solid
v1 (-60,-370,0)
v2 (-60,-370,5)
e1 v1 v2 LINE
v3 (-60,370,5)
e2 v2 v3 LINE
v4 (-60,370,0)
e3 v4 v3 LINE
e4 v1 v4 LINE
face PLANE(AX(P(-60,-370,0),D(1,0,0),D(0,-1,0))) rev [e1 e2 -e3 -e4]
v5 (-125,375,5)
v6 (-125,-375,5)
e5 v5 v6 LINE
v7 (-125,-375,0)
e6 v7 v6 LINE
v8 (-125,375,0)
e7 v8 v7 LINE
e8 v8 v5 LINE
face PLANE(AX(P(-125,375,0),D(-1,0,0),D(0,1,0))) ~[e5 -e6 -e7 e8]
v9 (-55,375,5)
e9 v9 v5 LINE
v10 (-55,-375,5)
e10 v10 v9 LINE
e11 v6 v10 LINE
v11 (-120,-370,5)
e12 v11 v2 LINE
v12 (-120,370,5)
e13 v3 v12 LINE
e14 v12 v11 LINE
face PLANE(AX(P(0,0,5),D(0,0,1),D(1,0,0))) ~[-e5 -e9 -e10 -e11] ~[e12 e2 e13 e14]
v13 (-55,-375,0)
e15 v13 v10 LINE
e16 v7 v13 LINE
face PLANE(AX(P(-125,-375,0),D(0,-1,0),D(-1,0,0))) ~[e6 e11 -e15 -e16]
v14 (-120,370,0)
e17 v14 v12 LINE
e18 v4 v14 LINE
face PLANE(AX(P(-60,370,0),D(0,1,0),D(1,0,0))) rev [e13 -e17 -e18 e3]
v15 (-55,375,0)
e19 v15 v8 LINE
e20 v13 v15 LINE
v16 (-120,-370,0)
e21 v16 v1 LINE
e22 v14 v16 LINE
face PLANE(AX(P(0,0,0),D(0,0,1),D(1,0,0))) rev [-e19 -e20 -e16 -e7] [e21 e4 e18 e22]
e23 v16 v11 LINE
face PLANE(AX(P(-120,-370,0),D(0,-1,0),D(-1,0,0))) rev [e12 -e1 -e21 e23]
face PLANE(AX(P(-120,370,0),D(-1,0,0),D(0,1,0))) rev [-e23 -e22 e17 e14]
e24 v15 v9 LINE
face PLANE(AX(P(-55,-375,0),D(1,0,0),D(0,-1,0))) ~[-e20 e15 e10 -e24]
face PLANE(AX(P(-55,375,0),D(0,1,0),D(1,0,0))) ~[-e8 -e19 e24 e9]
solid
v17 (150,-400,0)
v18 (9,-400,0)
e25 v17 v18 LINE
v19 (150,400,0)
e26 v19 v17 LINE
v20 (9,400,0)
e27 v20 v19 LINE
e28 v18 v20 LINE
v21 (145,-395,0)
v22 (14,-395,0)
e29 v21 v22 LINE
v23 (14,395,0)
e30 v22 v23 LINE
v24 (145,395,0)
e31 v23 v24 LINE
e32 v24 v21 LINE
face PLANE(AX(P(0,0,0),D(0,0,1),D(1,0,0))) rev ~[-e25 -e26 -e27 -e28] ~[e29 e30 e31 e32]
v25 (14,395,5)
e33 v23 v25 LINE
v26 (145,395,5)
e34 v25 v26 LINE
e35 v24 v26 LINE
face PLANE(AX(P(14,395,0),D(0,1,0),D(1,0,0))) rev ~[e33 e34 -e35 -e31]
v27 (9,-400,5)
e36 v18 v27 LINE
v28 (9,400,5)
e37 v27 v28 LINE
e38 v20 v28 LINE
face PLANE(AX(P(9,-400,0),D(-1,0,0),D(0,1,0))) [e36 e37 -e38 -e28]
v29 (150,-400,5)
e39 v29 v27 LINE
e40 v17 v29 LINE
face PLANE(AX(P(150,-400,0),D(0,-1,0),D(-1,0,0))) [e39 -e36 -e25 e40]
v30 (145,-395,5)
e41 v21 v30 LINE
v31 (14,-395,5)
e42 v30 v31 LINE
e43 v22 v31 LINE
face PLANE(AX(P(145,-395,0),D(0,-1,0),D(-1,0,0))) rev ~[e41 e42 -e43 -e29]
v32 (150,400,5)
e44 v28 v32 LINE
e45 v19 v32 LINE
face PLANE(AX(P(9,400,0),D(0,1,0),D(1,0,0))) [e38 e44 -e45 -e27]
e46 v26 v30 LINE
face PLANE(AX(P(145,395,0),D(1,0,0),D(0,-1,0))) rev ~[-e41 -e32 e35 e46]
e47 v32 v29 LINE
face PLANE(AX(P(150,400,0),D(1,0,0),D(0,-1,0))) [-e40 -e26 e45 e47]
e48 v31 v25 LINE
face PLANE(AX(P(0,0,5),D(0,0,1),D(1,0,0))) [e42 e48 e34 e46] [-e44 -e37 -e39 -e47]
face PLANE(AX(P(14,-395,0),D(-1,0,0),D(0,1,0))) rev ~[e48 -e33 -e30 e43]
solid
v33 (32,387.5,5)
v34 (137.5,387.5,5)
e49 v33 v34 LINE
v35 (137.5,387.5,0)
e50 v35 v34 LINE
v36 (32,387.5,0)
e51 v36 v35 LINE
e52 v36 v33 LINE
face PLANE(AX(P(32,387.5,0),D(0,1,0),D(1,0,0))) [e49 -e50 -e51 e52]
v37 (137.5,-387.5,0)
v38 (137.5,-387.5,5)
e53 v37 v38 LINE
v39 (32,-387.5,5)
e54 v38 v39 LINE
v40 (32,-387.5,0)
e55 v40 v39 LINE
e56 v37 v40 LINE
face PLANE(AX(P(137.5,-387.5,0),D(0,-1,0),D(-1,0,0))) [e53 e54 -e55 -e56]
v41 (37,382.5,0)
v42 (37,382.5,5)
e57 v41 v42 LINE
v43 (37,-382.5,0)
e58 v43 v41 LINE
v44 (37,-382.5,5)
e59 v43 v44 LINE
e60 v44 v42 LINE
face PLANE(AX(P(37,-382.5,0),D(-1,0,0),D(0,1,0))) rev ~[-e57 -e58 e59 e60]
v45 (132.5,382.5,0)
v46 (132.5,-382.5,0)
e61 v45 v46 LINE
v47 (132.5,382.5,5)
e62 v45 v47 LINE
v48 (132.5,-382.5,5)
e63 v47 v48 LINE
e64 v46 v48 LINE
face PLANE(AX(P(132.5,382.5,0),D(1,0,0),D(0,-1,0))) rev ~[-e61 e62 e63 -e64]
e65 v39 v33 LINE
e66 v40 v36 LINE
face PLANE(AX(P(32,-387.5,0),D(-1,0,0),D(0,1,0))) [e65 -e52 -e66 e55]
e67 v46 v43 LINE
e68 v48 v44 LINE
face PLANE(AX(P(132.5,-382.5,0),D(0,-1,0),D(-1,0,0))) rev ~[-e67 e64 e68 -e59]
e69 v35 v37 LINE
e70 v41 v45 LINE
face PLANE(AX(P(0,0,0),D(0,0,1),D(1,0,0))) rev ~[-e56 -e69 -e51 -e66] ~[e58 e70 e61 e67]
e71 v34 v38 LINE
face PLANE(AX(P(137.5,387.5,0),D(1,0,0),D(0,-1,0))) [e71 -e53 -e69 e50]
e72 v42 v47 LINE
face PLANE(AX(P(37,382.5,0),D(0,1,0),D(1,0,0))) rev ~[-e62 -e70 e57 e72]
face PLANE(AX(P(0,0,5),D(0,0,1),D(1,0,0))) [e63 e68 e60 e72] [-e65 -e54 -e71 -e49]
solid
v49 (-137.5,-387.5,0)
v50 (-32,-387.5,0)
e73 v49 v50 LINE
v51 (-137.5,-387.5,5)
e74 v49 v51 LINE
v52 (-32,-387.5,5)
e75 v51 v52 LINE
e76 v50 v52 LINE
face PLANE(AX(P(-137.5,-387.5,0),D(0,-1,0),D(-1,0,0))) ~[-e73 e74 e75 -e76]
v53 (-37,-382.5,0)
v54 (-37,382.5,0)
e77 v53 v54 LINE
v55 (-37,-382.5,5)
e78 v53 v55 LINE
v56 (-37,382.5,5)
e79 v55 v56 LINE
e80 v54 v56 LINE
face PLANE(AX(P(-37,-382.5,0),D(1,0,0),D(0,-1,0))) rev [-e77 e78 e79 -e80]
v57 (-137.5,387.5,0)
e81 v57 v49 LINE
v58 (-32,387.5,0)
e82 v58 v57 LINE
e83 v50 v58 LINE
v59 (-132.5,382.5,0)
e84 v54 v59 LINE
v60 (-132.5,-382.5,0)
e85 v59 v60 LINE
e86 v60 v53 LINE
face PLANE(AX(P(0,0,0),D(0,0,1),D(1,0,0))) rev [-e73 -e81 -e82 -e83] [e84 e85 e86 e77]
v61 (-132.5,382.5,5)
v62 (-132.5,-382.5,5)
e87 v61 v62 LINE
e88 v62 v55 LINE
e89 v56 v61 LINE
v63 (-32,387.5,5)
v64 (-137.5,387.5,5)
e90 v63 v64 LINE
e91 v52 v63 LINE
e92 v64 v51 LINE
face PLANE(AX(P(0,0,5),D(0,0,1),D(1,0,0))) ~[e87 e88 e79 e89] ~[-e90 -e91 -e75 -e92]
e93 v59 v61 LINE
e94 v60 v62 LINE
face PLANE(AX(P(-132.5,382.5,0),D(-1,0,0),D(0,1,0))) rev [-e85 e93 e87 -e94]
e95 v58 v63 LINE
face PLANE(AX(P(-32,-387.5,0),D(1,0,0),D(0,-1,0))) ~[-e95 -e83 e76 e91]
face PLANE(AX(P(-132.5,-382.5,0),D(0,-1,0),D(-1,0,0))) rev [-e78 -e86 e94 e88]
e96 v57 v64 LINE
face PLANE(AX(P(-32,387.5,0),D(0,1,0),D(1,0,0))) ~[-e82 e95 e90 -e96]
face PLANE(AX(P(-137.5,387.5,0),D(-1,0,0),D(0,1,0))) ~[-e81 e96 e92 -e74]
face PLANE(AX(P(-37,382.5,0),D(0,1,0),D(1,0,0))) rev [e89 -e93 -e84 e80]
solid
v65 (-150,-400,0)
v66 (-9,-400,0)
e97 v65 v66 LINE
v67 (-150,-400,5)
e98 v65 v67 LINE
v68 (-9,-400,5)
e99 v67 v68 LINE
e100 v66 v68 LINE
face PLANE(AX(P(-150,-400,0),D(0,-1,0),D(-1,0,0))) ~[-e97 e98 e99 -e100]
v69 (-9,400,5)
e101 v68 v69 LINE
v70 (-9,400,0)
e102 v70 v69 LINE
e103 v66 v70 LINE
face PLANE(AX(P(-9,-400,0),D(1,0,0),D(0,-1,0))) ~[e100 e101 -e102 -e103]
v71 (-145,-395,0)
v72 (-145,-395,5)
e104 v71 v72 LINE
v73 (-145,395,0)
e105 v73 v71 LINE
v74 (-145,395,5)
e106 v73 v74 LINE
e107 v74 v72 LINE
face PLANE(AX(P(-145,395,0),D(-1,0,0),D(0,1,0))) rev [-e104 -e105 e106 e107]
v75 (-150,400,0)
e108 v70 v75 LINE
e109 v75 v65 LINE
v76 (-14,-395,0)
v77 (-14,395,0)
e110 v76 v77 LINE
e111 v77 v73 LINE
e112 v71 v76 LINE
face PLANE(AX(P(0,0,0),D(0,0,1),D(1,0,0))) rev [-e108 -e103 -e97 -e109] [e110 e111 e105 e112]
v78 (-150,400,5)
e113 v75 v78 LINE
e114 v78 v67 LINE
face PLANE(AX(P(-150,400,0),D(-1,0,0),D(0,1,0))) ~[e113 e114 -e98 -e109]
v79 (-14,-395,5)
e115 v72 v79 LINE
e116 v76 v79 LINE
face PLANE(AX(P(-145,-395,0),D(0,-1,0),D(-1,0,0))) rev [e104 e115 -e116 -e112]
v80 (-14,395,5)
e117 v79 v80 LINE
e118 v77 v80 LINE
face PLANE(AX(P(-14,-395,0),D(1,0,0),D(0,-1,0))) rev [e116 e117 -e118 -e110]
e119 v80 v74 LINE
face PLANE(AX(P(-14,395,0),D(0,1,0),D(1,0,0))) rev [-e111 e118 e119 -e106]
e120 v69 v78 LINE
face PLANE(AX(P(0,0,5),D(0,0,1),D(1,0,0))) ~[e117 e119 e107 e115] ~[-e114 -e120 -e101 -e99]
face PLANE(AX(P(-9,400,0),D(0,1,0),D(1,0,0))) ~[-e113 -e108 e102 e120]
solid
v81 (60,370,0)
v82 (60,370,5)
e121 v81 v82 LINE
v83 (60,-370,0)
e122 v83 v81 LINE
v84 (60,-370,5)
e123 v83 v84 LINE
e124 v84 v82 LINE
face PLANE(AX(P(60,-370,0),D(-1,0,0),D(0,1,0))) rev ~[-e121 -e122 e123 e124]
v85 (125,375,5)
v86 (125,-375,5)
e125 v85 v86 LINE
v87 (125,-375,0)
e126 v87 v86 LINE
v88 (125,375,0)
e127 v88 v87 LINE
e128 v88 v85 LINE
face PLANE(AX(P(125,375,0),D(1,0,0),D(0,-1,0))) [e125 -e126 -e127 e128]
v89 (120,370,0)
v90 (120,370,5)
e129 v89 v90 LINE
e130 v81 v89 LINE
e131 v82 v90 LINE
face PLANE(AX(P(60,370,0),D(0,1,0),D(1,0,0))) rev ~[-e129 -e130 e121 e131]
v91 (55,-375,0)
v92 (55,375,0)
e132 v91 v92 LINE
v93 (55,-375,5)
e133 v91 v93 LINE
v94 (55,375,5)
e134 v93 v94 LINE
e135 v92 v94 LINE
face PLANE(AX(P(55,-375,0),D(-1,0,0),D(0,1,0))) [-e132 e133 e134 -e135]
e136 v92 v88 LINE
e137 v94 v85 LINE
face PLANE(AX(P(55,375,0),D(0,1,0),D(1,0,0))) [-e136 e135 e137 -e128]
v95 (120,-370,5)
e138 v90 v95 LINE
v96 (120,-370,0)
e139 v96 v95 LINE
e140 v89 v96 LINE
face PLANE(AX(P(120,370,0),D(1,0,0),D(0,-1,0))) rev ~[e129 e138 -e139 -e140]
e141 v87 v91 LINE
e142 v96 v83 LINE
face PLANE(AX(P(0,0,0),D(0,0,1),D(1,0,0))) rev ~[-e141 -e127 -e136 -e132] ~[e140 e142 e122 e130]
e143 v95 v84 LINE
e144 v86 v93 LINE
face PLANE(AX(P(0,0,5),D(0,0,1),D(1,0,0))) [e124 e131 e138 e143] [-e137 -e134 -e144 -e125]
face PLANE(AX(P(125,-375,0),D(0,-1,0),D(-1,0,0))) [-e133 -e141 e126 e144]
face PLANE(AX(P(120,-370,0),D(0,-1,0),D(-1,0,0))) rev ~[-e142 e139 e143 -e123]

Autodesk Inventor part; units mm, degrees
sketch "Sketch2" plane through (0, 0, 0) normal (0, 0, 1) x (1, 0, 0)
  line L0 (9, 400) -> (150, 400)
  line L1 (150, 400) -> (150, -400)
  line L2 (150, -400) -> (9, -400)
  line L3 (9, -400) -> (9, 400)
  line L4 (0, 0) -> (4.5229, 0) construction
  line L5 (-30, 0) -> (180, 0) construction
  line L6 (0, 560) -> (0, -560) construction
  line L7 (14, 395) -> (145, 395)
  line L8 (145, 395) -> (145, -395)
  line L9 (145, -395) -> (14, -395)
  line L10 (14, -395) -> (14, 395)
  line L11 (32, 387.5) -> (137.5, 387.5)
  line L12 (137.5, 387.5) -> (137.5, -387.5)
  line L13 (137.5, -387.5) -> (32, -387.5)
  line L14 (32, -387.5) -> (32, 387.5)
  line L15 (37, 382.5) -> (132.5, 382.5)
  line L16 (132.5, 382.5) -> (132.5, -382.5)
  line L17 (132.5, -382.5) -> (37, -382.5)
  line L18 (37, -382.5) -> (37, 382.5)
  line L19 (55, 375) -> (125, 375)
  line L20 (125, 375) -> (125, -375)
  line L21 (125, -375) -> (55, -375)
  line L22 (55, -375) -> (55, 375)
  line L23 (60, 370) -> (120, 370)
  line L24 (120, 370) -> (120, -370)
  line L25 (120, -370) -> (60, -370)
  line L26 (60, -370) -> (60, 370)
  point P0 (9, 0)
  point P1 (90, 370)
  dimension "d2" = 9
  dimension "d3" = 150
  dimension "d4" = 800
  dimension "d5" = 5
  dimension "d6" = 5
  dimension "d7" = 5
  dimension "d8" = 5
  dimension "d9" = 18
  dimension "d10" = 7.5
  dimension "d11" = 7.5
  dimension "d12" = 7.5
  dimension "d13" = 5
  dimension "d14" = 5
  dimension "d15" = 5
  dimension "d16" = 5
  dimension "d17" = 18
  dimension "d18" = 7.5
  dimension "d19" = 7.5
  dimension "d20" = 7.5
  dimension "d21" = 5
  dimension "d22" = 5
  dimension "d23" = 5
  dimension "d24" = 5
extrude "Extrusion1" add sketch "Sketch2" along normal blind 5
mirror "Mirror2" about plane through (0, 0, 0) normal (1, 0, 0)
equation "\"d2\" = 0.5 * distance_between_wires"
equation "\"d3\" = 0.5 * track_width"
equation "\"d4\" = track_length"
equation "\"d5\" = wire_diameter"
equation "\"d6\" = wire_diameter"
equation "\"d7\" = wire_diameter"
equation "\"d8\" = wire_diameter"
equation "\"d9\" = distance_between_wires"
equation "\"d10\" = distance_between_wires_edge"
equation "\"d11\" = distance_between_wires_edge"
equation "\"d12\" = distance_between_wires_edge"
equation "\"d13\" = wire_diameter"
equation "\"d14\" = wire_diameter"
equation "\"d15\" = wire_diameter"
equation "\"d16\" = wire_diameter"
equation "\"d17\" = distance_between_wires"
equation "\"d18\" = distance_between_wires_edge"
equation "\"d19\" = distance_between_wires_edge"
equation "\"d20\" = distance_between_wires_edge"
equation "\"d21\" = wire_diameter"
equation "\"d22\" = wire_diameter"
equation "\"d23\" = wire_diameter"
equation "\"d24\" = wire_diameter"
equation "\"d25\" = wire_diameter"
equation "\"wire_diameter\" = 5"
equation "\"track_length\" = 800"
equation "\"distance_between_wires\" = -1.2 * wire_diameter + 0.2 * parameter_6"
equation "\"distance_between_wires_edge\" = -1.5 * wire_diameter + 0.5 * parameter_2"
equation "\"track_width\" = 300"
equation "\"parameter_6\" = 120"
equation "\"parameter_2\" = 30"
properties part number "primary_coil"
